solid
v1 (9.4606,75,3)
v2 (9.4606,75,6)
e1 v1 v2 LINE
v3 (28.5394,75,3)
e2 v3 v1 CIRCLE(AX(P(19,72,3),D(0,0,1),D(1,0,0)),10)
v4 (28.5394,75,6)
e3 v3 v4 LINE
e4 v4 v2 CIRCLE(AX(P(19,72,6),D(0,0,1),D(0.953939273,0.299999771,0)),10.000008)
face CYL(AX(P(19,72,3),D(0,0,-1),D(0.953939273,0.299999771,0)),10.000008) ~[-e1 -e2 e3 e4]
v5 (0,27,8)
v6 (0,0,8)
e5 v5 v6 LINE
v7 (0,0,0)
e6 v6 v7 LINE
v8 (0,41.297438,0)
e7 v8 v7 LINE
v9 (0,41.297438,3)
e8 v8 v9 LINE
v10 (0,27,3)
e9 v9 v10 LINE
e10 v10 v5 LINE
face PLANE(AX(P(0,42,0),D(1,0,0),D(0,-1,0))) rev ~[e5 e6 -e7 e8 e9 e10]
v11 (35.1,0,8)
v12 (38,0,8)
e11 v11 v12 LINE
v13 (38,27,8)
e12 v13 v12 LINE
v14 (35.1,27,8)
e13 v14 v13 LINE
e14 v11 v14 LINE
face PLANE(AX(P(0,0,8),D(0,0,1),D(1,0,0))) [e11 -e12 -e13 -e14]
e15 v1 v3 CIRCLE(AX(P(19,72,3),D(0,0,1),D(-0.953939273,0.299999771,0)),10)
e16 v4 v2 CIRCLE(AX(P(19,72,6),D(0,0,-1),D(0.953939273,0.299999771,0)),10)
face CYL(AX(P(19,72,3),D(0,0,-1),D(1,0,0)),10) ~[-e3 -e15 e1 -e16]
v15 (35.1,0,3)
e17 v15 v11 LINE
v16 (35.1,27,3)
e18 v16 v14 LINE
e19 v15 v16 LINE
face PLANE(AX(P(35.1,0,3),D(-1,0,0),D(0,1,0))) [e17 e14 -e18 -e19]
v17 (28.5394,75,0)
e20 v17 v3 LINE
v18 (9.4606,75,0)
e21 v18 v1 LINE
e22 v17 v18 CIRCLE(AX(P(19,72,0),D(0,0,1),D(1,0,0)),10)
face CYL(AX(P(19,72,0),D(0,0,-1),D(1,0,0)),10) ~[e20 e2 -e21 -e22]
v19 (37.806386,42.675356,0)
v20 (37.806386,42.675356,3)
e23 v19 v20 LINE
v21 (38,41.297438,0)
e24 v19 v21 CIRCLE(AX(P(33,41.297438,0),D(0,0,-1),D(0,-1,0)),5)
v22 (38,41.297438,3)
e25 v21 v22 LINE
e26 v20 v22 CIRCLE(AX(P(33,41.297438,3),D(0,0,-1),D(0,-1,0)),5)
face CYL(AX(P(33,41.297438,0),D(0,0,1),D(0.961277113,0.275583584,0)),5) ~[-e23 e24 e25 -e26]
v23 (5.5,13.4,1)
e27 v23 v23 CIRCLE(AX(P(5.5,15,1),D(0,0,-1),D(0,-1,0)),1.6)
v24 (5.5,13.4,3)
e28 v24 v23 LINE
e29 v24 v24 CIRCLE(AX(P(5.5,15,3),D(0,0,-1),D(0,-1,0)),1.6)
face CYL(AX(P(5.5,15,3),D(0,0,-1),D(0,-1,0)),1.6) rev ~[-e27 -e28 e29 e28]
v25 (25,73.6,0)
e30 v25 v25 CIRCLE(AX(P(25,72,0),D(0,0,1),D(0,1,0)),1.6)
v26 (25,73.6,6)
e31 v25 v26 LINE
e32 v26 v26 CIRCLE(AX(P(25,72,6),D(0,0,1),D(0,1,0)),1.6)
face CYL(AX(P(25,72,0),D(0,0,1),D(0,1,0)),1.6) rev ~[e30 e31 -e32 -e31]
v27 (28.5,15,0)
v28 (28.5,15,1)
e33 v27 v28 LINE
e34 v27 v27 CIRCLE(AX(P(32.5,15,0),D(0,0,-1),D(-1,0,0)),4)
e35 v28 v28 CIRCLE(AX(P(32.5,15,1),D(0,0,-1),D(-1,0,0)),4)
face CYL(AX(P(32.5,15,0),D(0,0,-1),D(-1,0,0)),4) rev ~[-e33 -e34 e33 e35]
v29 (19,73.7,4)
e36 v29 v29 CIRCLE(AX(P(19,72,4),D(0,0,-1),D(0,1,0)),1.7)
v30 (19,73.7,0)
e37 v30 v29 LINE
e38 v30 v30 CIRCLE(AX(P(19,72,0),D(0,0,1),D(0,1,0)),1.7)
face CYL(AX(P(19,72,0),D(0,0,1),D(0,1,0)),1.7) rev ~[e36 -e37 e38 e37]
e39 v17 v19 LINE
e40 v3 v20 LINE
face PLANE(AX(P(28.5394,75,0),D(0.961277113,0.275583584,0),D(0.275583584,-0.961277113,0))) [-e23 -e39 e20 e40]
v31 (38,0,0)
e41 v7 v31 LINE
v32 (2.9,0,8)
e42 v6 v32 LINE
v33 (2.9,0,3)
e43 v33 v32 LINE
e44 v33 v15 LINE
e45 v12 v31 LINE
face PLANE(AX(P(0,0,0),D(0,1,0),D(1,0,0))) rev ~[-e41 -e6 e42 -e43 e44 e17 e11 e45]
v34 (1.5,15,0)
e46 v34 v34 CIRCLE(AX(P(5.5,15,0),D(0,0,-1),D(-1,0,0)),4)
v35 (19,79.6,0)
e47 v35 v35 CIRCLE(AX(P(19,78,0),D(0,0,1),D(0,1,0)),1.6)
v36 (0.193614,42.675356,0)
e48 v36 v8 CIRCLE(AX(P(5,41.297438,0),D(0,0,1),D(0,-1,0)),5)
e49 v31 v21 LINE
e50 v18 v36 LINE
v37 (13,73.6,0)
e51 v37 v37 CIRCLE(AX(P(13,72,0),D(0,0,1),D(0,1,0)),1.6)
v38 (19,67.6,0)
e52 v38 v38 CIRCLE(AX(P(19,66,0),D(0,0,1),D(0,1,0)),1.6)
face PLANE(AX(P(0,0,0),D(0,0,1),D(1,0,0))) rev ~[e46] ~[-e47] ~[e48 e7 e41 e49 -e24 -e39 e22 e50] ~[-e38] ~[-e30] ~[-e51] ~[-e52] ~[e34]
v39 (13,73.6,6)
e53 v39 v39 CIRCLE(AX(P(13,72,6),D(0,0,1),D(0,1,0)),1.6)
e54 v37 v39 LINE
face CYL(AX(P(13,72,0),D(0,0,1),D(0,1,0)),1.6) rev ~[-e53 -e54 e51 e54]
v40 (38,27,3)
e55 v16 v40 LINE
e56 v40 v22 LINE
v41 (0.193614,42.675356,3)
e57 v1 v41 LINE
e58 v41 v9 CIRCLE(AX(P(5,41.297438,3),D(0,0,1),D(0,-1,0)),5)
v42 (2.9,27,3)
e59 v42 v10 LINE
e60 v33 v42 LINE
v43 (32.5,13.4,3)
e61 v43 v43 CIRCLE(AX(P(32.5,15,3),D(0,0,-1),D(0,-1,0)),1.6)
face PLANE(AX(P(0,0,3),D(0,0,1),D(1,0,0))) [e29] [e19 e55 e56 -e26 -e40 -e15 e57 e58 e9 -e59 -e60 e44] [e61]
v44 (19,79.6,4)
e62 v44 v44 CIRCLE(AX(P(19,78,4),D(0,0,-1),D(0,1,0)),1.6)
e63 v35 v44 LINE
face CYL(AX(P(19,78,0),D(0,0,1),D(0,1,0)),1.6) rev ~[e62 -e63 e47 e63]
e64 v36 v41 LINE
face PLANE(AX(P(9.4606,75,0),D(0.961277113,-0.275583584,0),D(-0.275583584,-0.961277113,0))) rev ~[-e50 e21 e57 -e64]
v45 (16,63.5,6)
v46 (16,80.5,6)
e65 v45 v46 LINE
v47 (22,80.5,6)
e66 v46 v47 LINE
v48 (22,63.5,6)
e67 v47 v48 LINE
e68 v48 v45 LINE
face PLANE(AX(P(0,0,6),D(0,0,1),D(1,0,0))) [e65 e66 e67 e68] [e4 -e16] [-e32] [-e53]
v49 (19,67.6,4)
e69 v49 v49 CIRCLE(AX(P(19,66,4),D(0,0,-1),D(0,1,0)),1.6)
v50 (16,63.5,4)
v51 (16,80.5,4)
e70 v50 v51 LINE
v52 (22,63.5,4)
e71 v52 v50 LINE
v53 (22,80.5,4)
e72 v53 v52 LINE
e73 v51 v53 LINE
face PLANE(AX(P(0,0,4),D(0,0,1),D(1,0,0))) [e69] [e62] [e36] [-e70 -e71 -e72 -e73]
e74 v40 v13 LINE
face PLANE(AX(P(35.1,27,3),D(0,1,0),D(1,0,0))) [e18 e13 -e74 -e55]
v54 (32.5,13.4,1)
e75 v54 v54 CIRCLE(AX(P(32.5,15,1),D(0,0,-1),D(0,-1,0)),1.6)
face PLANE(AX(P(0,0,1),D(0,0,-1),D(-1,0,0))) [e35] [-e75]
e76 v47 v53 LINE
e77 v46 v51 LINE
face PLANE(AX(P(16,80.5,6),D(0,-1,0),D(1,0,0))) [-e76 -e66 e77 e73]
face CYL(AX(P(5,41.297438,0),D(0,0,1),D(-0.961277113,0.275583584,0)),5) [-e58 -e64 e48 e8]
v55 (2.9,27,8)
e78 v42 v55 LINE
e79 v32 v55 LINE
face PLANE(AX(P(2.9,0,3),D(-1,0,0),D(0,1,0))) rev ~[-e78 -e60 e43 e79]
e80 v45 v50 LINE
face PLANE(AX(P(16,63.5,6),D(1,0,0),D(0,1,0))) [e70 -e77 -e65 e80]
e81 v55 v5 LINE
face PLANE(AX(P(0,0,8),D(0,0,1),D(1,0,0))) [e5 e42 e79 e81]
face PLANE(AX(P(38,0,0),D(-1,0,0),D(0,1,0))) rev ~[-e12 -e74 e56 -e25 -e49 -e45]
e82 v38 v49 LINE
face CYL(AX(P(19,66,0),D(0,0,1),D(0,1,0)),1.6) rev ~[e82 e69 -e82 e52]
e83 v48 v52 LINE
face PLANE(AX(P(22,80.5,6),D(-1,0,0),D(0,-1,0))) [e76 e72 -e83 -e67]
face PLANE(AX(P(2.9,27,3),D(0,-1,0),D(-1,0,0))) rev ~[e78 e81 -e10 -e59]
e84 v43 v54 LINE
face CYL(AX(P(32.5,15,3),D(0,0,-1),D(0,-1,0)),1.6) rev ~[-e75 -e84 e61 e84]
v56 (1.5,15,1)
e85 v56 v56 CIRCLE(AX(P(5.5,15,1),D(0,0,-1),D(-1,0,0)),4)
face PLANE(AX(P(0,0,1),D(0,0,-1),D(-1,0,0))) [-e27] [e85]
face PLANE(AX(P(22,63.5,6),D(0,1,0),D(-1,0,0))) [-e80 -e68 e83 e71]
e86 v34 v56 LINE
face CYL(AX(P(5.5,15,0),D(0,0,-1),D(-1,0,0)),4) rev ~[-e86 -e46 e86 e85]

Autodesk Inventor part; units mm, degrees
ref_plane "YZ Plane" through (0, 0, 0) normal (1, 0, 0) x (0, 1, 0)
ref_plane "XZ Plane" through (0, 0, 0) normal (0, 1, 0) x (-1, 0, 0)
ref_plane "XY Plane" through (0, 0, 0) normal (0, 0, 1) x (1, 0, 0)
sketch "スケッチ1" plane through (0, 0, 0) normal (0, 0, 1) x (1, 0, 0)
  line L0 (0, 0) -> (38, 0)
  line L1 (38, 0) -> (38, 42)
  line L2 (38, 42) -> (0, 42)
  line L3 (0, 42) -> (0, 0)
  line L4 (19, 42) -> (19, 72)
  circle A0 centre (19, 72) radius 10
  line L5 (9.4606, 75) -> (28.5394, 75)
  line L6 (9.4606, 75) -> (0, 42)
  line L7 (28.5394, 75) -> (38, 42)
  dimension "d0" = 42
  dimension "d1" = 38
  dimension "d2" = 30
  dimension "d3" = 20
  dimension "d4" = 3
extrude "押し出し1" add sketch "スケッチ1" along normal blind 3
sketch "スケッチ2" plane through (0, 0, 3) normal (0, 0, 1) x (1, 0, 0)
  line L0 (0, 0) -> (38, 0) projected
  line L1 (38, 0) -> (38, 42) projected
  line L2 (38, 42) -> (28.5394, 75) projected
  arc A0 (28.5394, 75) -> (9.4606, 75) centre (19, 72) ccw projected
  circle A1 centre (19, 72) radius 10
  point P0 (9.4606, 75)
  point P1 (28.6799, 74.5099)
extrude "押し出し2" add sketch "スケッチ2" along normal blind 3
sketch "スケッチ4" plane through (0, 0, 3) normal (0, 0, 1) x (1, 0, 0)
  line L0 (0, 42) -> (0, 0) projected
  line L1 (0, 0) -> (2.9, 0)
  line L2 (2.9, 0) -> (2.9, 27)
  line L3 (2.9, 27) -> (0, 27)
  line L4 (0, 27) -> (0, 0)
  line L5 (0, 0) -> (38, 0) projected
  line L6 (38, 0) -> (35.1, 0)
  line L7 (35.1, 0) -> (35.1, 27)
  line L8 (35.1, 27) -> (38, 27)
  line L9 (38, 27) -> (38, 0)
  point P0 (0, 27)
  dimension "d32" = 2.9
  dimension "d33" = 2.9
  dimension "d34" = 27
  dimension "d35" = 27
extrude "押し出し3" add sketch "スケッチ4" along normal blind 5
sketch "スケッチ5" plane through (0, 0, 3) normal (0, 0, 1) x (1, 0, 0)
  line L0 (2.9, 0) -> (35.1, 0) projected
  line L1 (35.1, 27) -> (35.1, 0) projected
  point P0 (0, 0)
  point P1 (5.5, 15)
  point P2 (32.5, 15)
  dimension "d38" = 15
  dimension "d39" = 15
  dimension "d40" = 2.6
  dimension "d41" = 27
hole "穴2" at (5.5, 15, 3) at (32.5, 15, 3) direction (0, 0, -1) diameter 3.2 end through all
sketch "スケッチ7" plane through (0, 0, 0) normal (0, 0, -1) x (-1, 0, 0)
  circle A0 centre (-32.5, 15) radius 1.6 projected
  circle A1 centre (-32.5, 15) radius 4
  circle A2 centre (-5.5, 15) radius 1.6 projected
  circle A3 centre (-5.5, 15) radius 4
  point P0 (0, 0)
  dimension "d58" = 8
  dimension "d59" = 8
extrude "押し出し4" cut sketch "スケッチ7" against normal blind 1
sketch "スケッチ8" plane through (0, 0, 0) normal (0, 0, -1) x (-1, 0, 0)
  circle A0 centre (-5.5, 15) radius 4 projected
  circle A1 centre (-32.5, 15) radius 4 projected
  line L0 (0, 42) -> (0, 0) projected
  line L1 (-9.4606, 75) -> (0, 42) projected
  arc A2 (-9.4606, 75) -> (-28.5394, 75) centre (-19, 72) ccw projected
  line L2 (-38, 42) -> (-28.5394, 75) projected
  line L3 (-38, 0) -> (-38, 42) projected
  line L4 (0, 0) -> (-38, 0) projected
  point P0 (-19, 78)
  point P1 (-25, 72)
  point P2 (-19, 66)
  point P3 (-13, 72)
  dimension "d62" = 6
  dimension "d65" = 360
hole "穴4" at (19, 78, 0) at (25, 72, 0) at (19, 66, 0) at (13, 72, 0) direction (0, 0, 1) diameter 3.2 end through all
sketch "スケッチ9" plane through (0, 0, 0) normal (0, 0, -1) x (-1, 0, 0)
  circle A0 centre (-13, 72) radius 1.6 projected
  circle A1 centre (-19, 66) radius 1.6 projected
  circle A2 centre (-25, 72) radius 1.6 projected
  circle A3 centre (-19, 78) radius 1.6 projected
  circle A4 centre (-5.5, 15) radius 4 projected
  circle A5 centre (-32.5, 15) radius 4 projected
  line L0 (0, 42) -> (0, 0) projected
  line L1 (-9.4606, 75) -> (0, 42) projected
  arc A6 (-9.4606, 75) -> (-28.5394, 75) centre (-19, 72) ccw projected
  line L2 (-38, 42) -> (-28.5394, 75) projected
  line L3 (-38, 0) -> (-38, 42) projected
  line L4 (0, 0) -> (-38, 0) projected
hole "穴5" at (19, 72, 0) direction (0, 0, 1) diameter 3.4 end through all
sketch "スケッチ10" plane through (0, 0, 6) normal (0, 0, 1) x (1, 0, 0)
  circle A0 centre (19, 72) radius 1.7 projected
  circle A1 centre (13, 72) radius 1.6 projected
  circle A2 centre (19, 66) radius 1.6 projected
  circle A3 centre (25, 72) radius 1.6 projected
  circle A4 centre (19, 78) radius 1.6 projected
  line L0 (28.6799, 74.5099) -> (28.5394, 75) projected
  arc A5 (28.5394, 75) -> (28.6799, 74.5099) centre (19, 72) ccw projected
  line L1 (16, 80.5) -> (22, 80.5)
  line L2 (22, 80.5) -> (22, 63.5)
  line L3 (22, 63.5) -> (16, 63.5)
  line L4 (16, 63.5) -> (16, 80.5)
  point P0 (0, 0)
  dimension "d81" = 8.5
  dimension "d82" = 17
  dimension "d83" = 6
  dimension "d84" = 3
extrude "押し出し5" cut sketch "スケッチ10" against normal blind 2 contours L1 L2 L3 L4
fillet "フィレット1" radius 5 2 edges at (38, 42, 1.5) (0, 42, 1.5)
properties part number "robot-arm-frame-output"
